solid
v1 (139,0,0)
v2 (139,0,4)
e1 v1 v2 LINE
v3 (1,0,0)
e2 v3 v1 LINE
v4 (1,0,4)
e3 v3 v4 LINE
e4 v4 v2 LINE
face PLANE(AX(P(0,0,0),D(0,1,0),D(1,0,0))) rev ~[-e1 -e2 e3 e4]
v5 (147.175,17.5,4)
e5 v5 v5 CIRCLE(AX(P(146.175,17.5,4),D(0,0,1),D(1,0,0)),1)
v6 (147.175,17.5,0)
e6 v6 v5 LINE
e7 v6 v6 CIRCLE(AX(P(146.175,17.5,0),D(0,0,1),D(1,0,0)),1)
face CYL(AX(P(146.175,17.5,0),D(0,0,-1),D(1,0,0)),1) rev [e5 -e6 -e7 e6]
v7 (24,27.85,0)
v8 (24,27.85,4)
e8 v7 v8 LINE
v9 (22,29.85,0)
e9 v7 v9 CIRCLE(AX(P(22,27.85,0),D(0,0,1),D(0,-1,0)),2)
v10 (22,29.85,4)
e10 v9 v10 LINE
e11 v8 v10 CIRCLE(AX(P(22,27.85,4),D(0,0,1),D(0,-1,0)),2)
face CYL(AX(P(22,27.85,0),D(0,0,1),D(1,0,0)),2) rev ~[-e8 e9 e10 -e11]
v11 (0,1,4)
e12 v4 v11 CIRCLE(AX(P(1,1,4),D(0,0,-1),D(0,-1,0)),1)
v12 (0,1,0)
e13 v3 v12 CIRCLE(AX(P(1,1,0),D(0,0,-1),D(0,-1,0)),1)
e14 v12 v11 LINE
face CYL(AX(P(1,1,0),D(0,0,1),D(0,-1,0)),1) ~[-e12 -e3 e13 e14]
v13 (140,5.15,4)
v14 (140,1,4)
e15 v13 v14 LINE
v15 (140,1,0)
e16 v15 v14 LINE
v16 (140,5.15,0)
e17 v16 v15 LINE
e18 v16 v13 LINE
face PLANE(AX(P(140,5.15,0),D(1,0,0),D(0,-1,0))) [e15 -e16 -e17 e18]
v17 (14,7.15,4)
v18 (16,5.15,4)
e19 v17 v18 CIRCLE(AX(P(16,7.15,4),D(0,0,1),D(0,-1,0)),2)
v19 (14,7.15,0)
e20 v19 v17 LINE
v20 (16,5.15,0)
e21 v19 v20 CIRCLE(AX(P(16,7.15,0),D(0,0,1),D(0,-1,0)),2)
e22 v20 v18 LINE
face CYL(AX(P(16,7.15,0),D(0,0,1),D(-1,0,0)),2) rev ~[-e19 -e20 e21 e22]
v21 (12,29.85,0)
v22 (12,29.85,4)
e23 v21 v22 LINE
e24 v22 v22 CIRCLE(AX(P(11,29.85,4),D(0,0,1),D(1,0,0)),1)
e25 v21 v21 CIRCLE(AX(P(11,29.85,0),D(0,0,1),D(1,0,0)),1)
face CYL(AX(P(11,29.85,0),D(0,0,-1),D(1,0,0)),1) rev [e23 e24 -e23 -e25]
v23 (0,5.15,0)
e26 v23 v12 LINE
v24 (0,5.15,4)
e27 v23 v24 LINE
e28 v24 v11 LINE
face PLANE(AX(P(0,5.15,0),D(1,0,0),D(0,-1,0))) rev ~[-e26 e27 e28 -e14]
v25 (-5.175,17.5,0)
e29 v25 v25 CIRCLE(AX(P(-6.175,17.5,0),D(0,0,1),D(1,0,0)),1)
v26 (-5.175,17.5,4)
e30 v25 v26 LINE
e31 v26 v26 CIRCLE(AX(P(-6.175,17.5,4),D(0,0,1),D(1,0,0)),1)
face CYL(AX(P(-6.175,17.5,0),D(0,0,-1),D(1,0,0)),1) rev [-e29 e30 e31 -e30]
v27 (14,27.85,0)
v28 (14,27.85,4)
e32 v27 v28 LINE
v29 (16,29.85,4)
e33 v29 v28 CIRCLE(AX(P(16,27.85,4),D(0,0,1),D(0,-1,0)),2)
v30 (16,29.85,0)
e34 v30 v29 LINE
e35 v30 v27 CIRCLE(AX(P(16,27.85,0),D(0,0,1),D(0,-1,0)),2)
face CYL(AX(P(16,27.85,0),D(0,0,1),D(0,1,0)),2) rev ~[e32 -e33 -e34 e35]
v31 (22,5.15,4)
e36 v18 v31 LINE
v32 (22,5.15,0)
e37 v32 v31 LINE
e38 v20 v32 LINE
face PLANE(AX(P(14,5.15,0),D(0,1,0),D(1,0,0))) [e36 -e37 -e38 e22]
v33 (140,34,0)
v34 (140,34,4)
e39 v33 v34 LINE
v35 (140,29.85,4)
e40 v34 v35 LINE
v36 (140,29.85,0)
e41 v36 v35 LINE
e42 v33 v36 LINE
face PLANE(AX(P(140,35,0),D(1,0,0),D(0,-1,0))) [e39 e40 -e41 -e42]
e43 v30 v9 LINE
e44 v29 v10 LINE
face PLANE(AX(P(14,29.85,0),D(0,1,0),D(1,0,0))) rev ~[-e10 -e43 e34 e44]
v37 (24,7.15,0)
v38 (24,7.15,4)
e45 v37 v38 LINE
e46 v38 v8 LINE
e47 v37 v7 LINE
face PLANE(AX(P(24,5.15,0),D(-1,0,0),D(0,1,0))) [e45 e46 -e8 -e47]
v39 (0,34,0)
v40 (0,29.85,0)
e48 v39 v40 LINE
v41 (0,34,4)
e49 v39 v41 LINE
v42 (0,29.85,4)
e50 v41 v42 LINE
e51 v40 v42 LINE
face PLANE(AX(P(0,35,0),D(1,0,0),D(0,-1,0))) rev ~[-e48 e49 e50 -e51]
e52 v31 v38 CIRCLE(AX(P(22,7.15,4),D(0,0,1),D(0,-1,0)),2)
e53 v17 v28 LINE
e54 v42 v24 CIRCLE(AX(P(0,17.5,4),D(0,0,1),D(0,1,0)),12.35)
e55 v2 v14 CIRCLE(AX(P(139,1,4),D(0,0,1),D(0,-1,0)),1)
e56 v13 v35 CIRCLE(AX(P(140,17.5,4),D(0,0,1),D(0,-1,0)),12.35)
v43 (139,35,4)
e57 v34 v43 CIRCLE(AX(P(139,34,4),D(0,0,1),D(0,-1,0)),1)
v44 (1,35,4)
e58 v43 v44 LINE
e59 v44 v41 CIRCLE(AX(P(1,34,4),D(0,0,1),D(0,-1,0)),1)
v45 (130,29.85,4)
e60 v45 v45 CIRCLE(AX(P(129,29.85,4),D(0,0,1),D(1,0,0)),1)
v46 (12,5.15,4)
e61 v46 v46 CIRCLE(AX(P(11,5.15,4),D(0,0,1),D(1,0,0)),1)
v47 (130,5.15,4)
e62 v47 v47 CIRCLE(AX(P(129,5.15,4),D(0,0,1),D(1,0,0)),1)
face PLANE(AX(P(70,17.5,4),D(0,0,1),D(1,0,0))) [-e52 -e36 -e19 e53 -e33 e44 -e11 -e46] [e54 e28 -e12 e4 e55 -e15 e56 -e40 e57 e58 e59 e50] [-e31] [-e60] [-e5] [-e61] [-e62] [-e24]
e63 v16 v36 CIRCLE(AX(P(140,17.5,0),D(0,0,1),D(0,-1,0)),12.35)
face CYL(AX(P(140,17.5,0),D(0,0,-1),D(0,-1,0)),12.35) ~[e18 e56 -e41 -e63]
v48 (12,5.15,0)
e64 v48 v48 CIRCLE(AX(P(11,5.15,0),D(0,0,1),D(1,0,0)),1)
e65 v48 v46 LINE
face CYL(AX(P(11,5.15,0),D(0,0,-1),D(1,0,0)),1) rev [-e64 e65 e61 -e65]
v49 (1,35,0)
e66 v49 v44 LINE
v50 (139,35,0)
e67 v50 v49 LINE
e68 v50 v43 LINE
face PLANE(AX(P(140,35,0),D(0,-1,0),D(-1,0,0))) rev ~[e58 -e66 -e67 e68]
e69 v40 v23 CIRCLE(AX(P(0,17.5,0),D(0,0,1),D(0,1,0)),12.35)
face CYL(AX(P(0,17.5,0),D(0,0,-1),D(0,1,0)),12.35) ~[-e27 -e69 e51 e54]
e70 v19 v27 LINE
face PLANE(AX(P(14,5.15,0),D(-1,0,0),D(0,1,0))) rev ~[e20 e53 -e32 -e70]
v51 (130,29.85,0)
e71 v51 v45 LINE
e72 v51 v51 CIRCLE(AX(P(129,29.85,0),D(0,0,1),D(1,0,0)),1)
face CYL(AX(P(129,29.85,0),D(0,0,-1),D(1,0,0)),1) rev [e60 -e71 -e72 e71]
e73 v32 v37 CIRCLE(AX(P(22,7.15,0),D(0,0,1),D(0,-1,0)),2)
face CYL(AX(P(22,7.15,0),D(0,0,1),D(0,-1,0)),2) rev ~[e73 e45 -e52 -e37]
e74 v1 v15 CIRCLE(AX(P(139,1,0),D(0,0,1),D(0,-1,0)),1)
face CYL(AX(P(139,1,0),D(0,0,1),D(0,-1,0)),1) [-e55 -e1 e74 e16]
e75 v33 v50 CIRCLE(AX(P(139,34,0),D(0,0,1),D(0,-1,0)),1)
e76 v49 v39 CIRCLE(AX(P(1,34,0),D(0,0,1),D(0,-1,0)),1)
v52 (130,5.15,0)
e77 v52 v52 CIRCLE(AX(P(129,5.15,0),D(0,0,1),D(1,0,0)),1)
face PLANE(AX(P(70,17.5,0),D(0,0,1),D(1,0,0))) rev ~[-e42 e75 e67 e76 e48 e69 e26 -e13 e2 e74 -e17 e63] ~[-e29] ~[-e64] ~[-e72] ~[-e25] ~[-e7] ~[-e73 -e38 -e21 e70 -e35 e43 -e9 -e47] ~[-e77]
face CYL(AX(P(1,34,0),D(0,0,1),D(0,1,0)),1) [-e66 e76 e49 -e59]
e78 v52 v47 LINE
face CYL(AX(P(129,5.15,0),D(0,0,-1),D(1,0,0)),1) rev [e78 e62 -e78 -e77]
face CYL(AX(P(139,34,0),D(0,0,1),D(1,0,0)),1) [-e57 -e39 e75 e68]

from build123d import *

# Parameters (mm, degrees)
SKETCH_R    = 1
SKETCH_W    = 10
SKETCH_H    = 24.7
PAD_DEPTH   = 4
FILLET_R    = 1
FILLET001_R = 1
FILLET002_R = 1
FILLET003_R = 1
FILLET004_R = 2
FILLET005_R = 2
FILLET006_R = 2
FILLET007_R = 2


with BuildPart() as part:
    # Sketch → Pad (new body)
    with BuildSketch(Plane.XY):
        with BuildLine():
            Line((0, 0), (140, 0))
            Line((140, 5.15), (140, 0))
            ThreePointArc((140, 5.15), (152.35, 17.5), (140, 29.85))
            Line((140, 35), (140, 29.85))
            Line((140, 35), (0, 35))
            Line((0, 35), (0, 29.85))
            ThreePointArc((0, 29.85), (-12.35, 17.5), (0, 5.15))
            Line((0, 5.15), (0, 0))
        make_face()
        with Locations((129, 29.85)):
            Circle(SKETCH_R, mode=Mode.SUBTRACT)
        with Locations((129, 5.15)):
            Circle(SKETCH_R, mode=Mode.SUBTRACT)
        with Locations((11, 29.85)):
            Circle(SKETCH_R, mode=Mode.SUBTRACT)
        with Locations((11, 5.15)):
            Circle(SKETCH_R, mode=Mode.SUBTRACT)
        with Locations((-6.175, 17.5)):
            Circle(SKETCH_R, mode=Mode.SUBTRACT)
        with Locations((146.175, 17.5)):
            Circle(SKETCH_R, mode=Mode.SUBTRACT)
        with Locations((19, 17.5)):
            Rectangle(SKETCH_W, SKETCH_H, mode=Mode.SUBTRACT)
    extrude(amount=PAD_DEPTH)

    # Fillet
    fillet_edges = [part.edges().sort_by_distance(p)[0] for p in [
        (140, 0, 2),
    ]]
    fillet(fillet_edges, radius=FILLET_R)

    # Fillet001
    fillet001_edges = [part.edges().sort_by_distance(p)[0] for p in [
        (0, 0, 2),
    ]]
    fillet(fillet001_edges, radius=FILLET001_R)

    # Fillet002
    fillet002_edges = [part.edges().sort_by_distance(p)[0] for p in [
        (140, 35, 2),
    ]]
    fillet(fillet002_edges, radius=FILLET002_R)

    # Fillet003
    fillet003_edges = [part.edges().sort_by_distance(p)[0] for p in [
        (0, 35, 2),
    ]]
    fillet(fillet003_edges, radius=FILLET003_R)

    # Fillet004
    fillet004_edges = [part.edges().sort_by_distance(p)[0] for p in [
        (14, 29.85, 2),
    ]]
    fillet(fillet004_edges, radius=FILLET004_R)

    # Fillet005
    fillet005_edges = [part.edges().sort_by_distance(p)[0] for p in [
        (14, 5.15, 2),
    ]]
    fillet(fillet005_edges, radius=FILLET005_R)

    # Fillet006
    fillet006_edges = [part.edges().sort_by_distance(p)[0] for p in [
        (24, 5.15, 2),
    ]]
    fillet(fillet006_edges, radius=FILLET006_R)

    # Fillet007
    fillet007_edges = [part.edges().sort_by_distance(p)[0] for p in [
        (24, 29.85, 2),
    ]]
    fillet(fillet007_edges, radius=FILLET007_R)


solid = part.part
